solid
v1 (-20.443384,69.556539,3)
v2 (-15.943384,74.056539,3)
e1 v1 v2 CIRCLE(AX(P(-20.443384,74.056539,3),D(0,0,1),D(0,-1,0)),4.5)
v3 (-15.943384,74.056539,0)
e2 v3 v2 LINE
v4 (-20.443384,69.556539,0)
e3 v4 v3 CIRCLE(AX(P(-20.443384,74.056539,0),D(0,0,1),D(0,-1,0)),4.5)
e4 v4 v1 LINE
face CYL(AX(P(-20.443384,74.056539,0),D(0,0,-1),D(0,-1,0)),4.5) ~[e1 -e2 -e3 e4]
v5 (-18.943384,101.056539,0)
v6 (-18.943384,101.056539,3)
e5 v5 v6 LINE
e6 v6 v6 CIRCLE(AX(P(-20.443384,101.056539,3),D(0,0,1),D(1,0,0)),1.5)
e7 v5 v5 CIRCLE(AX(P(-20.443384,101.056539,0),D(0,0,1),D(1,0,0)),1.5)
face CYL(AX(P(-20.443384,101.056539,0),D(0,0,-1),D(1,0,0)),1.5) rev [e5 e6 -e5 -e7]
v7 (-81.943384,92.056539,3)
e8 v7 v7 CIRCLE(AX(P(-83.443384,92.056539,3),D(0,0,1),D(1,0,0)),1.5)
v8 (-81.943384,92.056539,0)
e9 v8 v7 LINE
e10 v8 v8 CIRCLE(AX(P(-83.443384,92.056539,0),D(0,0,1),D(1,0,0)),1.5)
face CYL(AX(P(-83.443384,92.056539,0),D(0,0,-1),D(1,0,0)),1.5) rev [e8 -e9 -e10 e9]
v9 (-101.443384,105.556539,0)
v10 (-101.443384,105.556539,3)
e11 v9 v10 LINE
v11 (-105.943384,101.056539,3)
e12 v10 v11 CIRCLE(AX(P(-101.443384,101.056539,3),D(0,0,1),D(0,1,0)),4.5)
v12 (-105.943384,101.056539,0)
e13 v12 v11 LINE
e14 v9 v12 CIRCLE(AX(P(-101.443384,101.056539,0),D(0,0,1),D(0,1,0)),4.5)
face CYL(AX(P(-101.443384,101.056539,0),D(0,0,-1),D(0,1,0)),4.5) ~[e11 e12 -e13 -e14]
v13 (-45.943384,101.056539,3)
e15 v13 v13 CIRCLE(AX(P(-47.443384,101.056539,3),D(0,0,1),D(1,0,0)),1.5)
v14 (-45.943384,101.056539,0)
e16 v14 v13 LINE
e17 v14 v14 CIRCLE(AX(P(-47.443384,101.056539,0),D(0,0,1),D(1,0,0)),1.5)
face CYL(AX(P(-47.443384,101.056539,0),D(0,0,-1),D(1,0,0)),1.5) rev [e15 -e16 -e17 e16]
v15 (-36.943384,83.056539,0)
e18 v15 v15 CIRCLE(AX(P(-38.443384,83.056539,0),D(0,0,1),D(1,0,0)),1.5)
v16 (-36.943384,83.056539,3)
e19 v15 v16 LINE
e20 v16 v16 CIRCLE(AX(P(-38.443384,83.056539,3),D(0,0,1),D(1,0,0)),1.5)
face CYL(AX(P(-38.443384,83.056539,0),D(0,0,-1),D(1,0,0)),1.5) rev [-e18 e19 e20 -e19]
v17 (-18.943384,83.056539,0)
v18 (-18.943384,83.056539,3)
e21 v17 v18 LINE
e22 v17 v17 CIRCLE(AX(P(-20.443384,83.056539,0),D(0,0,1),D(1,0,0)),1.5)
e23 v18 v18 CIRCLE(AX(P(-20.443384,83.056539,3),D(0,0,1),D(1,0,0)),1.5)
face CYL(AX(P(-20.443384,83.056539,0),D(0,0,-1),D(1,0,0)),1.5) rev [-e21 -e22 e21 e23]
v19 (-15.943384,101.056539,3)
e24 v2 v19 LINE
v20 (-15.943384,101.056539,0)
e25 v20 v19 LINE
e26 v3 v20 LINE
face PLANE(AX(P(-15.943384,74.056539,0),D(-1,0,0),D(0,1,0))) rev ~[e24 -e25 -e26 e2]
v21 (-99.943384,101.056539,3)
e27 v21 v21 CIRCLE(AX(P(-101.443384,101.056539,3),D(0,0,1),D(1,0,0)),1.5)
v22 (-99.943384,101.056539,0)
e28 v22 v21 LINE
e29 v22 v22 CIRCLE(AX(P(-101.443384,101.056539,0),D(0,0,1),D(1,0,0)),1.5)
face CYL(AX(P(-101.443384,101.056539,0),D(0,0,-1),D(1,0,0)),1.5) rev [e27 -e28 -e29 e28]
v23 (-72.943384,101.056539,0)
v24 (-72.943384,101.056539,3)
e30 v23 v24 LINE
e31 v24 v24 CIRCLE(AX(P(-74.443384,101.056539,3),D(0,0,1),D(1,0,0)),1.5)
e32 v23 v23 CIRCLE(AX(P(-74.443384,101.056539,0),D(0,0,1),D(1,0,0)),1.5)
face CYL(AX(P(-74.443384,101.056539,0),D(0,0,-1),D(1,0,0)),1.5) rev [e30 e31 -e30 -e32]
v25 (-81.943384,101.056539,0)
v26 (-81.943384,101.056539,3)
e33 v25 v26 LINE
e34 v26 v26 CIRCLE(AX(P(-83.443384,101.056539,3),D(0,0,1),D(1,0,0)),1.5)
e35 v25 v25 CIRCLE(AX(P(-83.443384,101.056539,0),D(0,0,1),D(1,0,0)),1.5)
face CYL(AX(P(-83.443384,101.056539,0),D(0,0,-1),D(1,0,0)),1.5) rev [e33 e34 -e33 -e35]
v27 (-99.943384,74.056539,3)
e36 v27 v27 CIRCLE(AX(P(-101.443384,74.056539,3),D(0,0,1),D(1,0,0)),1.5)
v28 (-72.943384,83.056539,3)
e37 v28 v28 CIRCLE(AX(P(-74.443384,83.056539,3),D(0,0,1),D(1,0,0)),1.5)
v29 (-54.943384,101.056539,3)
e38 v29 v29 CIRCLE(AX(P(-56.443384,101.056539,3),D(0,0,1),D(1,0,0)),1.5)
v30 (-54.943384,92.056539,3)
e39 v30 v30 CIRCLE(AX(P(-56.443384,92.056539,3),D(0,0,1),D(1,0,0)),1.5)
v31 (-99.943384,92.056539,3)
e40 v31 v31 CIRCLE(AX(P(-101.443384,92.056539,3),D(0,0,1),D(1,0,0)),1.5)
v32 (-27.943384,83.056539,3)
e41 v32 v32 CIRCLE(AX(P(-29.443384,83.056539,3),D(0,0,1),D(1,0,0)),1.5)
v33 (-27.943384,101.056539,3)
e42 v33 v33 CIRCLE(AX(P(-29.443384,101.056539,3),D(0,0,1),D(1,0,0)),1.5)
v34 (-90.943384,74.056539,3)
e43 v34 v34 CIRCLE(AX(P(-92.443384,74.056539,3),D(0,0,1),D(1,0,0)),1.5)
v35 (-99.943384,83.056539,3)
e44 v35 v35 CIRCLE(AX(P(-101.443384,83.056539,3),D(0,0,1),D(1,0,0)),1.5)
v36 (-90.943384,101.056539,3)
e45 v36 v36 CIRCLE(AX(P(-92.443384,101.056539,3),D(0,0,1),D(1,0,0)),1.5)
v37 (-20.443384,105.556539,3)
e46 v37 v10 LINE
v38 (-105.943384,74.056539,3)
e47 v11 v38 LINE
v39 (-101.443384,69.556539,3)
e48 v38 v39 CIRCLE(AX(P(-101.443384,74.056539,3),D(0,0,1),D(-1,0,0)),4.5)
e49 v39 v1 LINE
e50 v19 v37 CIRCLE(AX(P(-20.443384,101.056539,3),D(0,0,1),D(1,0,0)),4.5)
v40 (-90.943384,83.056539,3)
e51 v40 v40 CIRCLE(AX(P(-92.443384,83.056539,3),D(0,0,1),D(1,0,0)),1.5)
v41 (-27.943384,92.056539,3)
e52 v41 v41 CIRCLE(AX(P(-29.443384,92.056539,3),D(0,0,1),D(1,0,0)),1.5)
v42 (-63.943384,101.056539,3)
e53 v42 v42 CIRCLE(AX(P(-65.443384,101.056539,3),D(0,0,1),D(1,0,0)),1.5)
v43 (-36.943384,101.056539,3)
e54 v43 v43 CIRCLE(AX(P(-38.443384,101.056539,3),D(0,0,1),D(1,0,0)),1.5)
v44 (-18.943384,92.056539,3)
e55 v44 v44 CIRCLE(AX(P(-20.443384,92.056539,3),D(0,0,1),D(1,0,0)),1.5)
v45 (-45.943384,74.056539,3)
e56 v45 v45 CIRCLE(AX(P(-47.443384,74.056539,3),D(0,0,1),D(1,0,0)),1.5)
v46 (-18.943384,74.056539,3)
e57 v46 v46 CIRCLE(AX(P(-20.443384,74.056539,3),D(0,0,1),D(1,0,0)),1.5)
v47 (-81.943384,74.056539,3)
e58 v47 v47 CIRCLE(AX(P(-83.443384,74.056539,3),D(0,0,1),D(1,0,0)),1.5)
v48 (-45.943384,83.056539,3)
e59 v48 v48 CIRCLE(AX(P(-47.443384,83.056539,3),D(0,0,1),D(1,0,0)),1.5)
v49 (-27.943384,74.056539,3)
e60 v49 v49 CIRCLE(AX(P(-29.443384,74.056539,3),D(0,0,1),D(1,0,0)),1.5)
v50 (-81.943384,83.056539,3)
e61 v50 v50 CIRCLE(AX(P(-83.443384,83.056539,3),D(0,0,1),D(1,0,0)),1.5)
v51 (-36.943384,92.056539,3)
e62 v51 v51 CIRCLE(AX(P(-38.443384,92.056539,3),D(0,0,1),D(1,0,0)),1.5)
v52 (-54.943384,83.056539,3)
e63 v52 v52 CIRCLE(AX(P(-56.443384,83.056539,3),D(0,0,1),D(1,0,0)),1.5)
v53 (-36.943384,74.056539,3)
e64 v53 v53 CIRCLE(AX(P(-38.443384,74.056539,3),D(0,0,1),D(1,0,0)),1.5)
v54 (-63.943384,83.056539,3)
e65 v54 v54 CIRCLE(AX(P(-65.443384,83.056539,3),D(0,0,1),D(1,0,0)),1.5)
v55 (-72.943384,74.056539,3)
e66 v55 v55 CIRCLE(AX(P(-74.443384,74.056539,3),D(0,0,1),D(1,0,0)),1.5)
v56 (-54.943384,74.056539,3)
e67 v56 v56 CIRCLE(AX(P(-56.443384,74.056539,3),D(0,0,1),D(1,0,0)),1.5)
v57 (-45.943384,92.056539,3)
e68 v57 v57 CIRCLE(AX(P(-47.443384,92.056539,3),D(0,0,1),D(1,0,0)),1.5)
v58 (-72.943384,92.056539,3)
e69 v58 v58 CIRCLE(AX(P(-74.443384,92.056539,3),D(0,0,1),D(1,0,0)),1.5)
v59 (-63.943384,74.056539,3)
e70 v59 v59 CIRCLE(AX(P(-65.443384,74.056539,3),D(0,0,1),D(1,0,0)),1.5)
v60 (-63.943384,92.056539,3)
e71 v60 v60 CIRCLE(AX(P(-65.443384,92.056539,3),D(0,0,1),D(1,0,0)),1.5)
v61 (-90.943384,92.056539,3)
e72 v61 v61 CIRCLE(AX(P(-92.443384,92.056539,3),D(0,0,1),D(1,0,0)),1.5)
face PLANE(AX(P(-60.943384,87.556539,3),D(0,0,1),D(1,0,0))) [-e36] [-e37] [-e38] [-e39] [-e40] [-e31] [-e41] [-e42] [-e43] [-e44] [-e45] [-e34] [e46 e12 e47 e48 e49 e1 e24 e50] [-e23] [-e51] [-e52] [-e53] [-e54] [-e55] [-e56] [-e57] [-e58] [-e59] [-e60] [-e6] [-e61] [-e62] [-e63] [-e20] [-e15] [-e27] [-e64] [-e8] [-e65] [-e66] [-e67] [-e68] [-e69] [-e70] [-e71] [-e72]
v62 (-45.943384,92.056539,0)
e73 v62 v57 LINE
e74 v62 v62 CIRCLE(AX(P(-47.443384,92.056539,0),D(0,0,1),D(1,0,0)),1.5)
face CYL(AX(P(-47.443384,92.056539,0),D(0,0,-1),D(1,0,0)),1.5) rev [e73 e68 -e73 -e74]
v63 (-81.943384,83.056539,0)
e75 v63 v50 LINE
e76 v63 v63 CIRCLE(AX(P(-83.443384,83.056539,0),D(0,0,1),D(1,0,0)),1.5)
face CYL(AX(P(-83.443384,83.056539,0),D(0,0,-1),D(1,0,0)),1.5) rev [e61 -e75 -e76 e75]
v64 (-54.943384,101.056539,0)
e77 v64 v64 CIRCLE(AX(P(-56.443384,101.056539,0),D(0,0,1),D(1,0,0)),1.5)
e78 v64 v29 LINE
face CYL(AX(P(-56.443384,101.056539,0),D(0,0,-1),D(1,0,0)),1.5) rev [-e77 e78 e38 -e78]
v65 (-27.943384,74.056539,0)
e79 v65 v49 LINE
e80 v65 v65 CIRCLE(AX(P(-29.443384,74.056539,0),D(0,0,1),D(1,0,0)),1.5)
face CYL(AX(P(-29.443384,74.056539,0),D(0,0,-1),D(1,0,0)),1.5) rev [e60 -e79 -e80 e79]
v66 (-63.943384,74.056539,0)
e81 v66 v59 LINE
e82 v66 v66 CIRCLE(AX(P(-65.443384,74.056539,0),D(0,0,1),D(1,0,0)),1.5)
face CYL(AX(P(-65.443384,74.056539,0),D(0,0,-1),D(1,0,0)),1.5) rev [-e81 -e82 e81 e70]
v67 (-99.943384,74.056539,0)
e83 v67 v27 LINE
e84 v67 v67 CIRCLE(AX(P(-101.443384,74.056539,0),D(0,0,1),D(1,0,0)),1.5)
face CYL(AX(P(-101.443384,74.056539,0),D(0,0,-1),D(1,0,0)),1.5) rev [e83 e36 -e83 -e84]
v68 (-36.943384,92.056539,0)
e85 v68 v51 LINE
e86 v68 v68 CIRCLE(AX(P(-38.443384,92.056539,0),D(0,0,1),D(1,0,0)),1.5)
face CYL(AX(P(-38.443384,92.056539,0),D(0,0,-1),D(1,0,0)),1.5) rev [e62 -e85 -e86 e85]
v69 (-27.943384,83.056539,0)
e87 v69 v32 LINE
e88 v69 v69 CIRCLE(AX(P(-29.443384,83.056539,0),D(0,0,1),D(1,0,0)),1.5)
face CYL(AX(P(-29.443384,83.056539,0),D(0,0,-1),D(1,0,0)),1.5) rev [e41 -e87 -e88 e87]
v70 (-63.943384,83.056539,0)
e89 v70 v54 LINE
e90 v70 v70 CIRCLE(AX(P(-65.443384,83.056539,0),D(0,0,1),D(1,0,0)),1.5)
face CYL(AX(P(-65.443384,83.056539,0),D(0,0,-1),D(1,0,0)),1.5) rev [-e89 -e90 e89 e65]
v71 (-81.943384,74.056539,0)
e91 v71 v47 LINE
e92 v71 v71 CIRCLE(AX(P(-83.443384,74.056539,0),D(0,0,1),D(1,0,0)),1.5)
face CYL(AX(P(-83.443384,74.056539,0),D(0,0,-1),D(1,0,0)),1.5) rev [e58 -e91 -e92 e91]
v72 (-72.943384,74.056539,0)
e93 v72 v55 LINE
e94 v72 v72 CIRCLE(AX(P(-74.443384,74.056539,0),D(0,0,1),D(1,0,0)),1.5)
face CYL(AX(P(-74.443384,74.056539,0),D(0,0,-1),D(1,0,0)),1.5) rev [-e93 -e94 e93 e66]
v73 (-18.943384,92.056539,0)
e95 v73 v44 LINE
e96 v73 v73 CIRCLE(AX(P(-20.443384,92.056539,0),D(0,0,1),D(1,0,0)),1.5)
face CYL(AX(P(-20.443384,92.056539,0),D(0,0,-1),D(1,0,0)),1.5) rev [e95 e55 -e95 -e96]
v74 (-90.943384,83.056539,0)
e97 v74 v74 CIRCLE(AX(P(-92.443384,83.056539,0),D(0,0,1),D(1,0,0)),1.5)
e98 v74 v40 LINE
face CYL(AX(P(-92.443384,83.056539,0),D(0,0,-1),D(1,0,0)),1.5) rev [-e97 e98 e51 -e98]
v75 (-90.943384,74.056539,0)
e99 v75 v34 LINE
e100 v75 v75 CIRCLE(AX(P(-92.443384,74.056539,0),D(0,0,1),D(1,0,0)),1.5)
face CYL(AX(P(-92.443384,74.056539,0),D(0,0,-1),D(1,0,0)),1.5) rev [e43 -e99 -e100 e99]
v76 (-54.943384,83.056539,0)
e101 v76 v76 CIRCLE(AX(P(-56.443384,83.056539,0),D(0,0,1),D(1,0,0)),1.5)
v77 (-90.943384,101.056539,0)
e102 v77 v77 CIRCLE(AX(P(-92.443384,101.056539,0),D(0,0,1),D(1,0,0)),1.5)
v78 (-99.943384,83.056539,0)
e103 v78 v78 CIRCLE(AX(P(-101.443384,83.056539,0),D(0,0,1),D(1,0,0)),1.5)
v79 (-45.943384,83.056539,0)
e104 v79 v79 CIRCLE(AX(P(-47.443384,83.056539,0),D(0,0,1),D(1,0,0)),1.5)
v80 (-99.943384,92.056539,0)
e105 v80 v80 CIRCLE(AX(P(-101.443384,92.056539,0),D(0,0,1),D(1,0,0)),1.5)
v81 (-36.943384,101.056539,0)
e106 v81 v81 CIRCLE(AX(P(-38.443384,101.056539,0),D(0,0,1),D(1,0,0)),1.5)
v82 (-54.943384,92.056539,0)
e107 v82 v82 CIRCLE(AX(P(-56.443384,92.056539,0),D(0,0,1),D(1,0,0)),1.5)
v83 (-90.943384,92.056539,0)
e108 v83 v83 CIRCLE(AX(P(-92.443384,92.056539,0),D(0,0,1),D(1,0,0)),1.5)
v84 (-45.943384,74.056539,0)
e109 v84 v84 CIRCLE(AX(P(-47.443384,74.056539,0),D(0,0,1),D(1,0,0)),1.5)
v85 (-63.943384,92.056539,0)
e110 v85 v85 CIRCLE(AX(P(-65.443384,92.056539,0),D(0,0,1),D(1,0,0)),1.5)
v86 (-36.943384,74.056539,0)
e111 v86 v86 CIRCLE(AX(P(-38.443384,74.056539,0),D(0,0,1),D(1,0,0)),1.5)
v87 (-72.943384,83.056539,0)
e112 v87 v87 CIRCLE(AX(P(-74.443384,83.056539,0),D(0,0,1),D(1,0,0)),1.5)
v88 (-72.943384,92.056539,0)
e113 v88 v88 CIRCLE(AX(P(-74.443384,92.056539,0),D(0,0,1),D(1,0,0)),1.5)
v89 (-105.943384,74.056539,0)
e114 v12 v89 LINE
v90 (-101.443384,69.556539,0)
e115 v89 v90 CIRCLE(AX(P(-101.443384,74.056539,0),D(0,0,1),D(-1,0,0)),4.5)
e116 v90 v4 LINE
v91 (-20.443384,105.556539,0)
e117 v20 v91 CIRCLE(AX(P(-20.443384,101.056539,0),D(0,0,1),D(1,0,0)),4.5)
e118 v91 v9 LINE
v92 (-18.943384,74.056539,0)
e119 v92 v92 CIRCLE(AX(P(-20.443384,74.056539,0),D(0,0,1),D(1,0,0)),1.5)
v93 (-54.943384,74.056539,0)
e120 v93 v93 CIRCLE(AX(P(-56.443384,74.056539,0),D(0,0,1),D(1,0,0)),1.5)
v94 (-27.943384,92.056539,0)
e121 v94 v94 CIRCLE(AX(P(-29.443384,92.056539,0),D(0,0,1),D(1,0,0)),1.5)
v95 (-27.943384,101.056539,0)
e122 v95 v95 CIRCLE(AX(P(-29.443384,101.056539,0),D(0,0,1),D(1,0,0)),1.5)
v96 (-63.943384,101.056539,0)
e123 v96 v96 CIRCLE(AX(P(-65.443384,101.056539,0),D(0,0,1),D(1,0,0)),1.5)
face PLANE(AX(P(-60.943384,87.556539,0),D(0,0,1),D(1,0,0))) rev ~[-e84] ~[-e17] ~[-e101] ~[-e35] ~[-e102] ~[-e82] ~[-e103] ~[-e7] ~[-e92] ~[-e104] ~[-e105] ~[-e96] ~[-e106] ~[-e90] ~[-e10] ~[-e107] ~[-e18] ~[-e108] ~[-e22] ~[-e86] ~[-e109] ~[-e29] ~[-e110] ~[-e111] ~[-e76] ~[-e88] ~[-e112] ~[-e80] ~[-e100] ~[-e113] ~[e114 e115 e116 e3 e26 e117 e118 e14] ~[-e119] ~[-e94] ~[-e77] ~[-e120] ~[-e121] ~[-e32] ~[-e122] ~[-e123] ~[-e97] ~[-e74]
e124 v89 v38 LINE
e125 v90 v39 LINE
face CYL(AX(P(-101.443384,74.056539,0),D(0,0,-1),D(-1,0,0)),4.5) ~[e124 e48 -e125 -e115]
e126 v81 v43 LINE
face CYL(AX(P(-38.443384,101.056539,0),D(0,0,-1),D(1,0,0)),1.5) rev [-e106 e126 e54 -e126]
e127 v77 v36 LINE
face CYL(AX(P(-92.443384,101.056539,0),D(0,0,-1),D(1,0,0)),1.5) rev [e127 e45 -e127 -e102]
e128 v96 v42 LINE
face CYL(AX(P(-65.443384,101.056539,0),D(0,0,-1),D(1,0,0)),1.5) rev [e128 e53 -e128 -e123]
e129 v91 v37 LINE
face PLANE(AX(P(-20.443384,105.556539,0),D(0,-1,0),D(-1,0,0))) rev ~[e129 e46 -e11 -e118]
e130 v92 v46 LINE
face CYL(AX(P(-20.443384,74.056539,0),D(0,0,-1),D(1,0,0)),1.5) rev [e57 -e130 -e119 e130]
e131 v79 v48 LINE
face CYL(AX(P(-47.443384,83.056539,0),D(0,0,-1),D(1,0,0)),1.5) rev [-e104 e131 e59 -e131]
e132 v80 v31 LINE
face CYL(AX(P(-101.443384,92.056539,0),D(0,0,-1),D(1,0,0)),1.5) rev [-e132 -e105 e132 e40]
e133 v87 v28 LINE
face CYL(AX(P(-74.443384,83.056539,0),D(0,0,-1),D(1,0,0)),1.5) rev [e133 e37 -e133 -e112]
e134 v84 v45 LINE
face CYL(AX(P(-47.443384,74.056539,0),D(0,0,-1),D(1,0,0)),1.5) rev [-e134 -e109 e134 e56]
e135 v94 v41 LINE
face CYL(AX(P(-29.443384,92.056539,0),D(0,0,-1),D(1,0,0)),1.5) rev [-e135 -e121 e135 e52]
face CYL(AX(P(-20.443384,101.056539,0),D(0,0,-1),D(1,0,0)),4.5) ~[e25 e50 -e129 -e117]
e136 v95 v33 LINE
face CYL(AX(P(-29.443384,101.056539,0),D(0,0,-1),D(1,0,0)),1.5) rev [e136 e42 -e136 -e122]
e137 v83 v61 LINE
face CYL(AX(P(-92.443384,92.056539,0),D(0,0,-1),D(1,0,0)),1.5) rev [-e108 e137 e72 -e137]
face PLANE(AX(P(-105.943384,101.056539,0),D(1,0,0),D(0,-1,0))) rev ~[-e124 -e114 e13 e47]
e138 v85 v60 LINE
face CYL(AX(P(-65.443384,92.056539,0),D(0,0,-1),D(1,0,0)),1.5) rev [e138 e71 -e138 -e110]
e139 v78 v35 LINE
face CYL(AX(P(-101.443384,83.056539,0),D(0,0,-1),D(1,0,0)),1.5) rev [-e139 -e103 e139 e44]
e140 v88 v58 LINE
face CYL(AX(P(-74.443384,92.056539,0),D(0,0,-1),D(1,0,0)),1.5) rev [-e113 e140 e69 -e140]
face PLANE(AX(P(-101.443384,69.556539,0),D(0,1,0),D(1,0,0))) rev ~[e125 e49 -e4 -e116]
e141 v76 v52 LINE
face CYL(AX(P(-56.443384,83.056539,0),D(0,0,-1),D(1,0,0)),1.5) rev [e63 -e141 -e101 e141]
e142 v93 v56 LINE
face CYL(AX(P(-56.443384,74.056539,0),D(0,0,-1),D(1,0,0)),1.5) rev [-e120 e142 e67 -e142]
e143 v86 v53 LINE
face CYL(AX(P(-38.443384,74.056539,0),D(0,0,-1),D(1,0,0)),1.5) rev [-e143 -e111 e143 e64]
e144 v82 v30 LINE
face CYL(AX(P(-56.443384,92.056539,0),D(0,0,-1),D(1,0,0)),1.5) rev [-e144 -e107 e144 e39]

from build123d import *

# Parameters (mm, degrees)
MODEL_R                 = 1.5
SALIENTE_EXTRUIR1_DEPTH = 3


with BuildPart() as part:
    # Model → Saliente-Extruir1 (new body)
    with BuildSketch(Plane.XY):
        with BuildLine():
            Line((-105.943383637, 101.056539338), (-105.943383637, 74.056539338))
            ThreePointArc((-105.943383637, 74.056539338), (-104.625364152, 70.874558823), (-101.443383637, 69.556539338))
            Line((-101.443383637, 69.556539338), (-20.443383637, 69.556539338))
            ThreePointArc((-20.443383637, 69.556539338), (-17.261403122, 70.874558823), (-15.943383637, 74.056539338))
            Line((-15.943383637, 74.056539338), (-15.943383637, 101.056539338))
            ThreePointArc((-15.943383637, 101.056539338), (-17.261403122, 104.238519853), (-20.443383637, 105.556539338))
            Line((-20.443383637, 105.556539338), (-101.443383637, 105.556539338))
            ThreePointArc((-101.443383637, 105.556539338), (-104.625364152, 104.238519853), (-105.943383637, 101.056539338))
        make_face()
        with Locations((-101.443383637, 101.056539338)):
            Circle(MODEL_R, mode=Mode.SUBTRACT)
        with Locations((-92.443383637, 101.056539338)):
            Circle(MODEL_R, mode=Mode.SUBTRACT)
        with Locations((-83.443383637, 101.056539338)):
            Circle(MODEL_R, mode=Mode.SUBTRACT)
        with Locations((-74.443383637, 101.056539338)):
            Circle(MODEL_R, mode=Mode.SUBTRACT)
        with Locations((-65.443383637, 101.056539338)):
            Circle(MODEL_R, mode=Mode.SUBTRACT)
        with Locations((-56.443383637, 101.056539338)):
            Circle(MODEL_R, mode=Mode.SUBTRACT)
        with Locations((-47.443383637, 101.056539338)):
            Circle(MODEL_R, mode=Mode.SUBTRACT)
        with Locations((-38.443383637, 101.056539338)):
            Circle(MODEL_R, mode=Mode.SUBTRACT)
        with Locations((-101.443383637, 92.056539338)):
            Circle(MODEL_R, mode=Mode.SUBTRACT)
        with Locations((-92.443383637, 92.056539338)):
            Circle(MODEL_R, mode=Mode.SUBTRACT)
        with Locations((-83.443383637, 92.056539338)):
            Circle(MODEL_R, mode=Mode.SUBTRACT)
        with Locations((-74.443383637, 92.056539338)):
            Circle(MODEL_R, mode=Mode.SUBTRACT)
        with Locations((-65.443383637, 92.056539338)):
            Circle(MODEL_R, mode=Mode.SUBTRACT)
        with Locations((-56.443383637, 92.056539338)):
            Circle(MODEL_R, mode=Mode.SUBTRACT)
        with Locations((-47.443383637, 92.056539338)):
            Circle(MODEL_R, mode=Mode.SUBTRACT)
        with Locations((-38.443383637, 92.056539338)):
            Circle(MODEL_R, mode=Mode.SUBTRACT)
        with Locations((-101.443383637, 83.056539338)):
            Circle(MODEL_R, mode=Mode.SUBTRACT)
        with Locations((-92.443383637, 83.056539338)):
            Circle(MODEL_R, mode=Mode.SUBTRACT)
        with Locations((-83.443383637, 83.056539338)):
            Circle(MODEL_R, mode=Mode.SUBTRACT)
        with Locations((-74.443383637, 83.056539338)):
            Circle(MODEL_R, mode=Mode.SUBTRACT)
        with Locations((-65.443383637, 83.056539338)):
            Circle(MODEL_R, mode=Mode.SUBTRACT)
        with Locations((-56.443383637, 83.056539338)):
            Circle(MODEL_R, mode=Mode.SUBTRACT)
        with Locations((-47.443383637, 83.056539338)):
            Circle(MODEL_R, mode=Mode.SUBTRACT)
        with Locations((-38.443383637, 83.056539338)):
            Circle(MODEL_R, mode=Mode.SUBTRACT)
        with Locations((-101.443383637, 74.056539338)):
            Circle(MODEL_R, mode=Mode.SUBTRACT)
        with Locations((-92.443383637, 74.056539338)):
            Circle(MODEL_R, mode=Mode.SUBTRACT)
        with Locations((-83.443383637, 74.056539338)):
            Circle(MODEL_R, mode=Mode.SUBTRACT)
        with Locations((-74.443383637, 74.056539338)):
            Circle(MODEL_R, mode=Mode.SUBTRACT)
        with Locations((-65.443383637, 74.056539338)):
            Circle(MODEL_R, mode=Mode.SUBTRACT)
        with Locations((-56.443383637, 74.056539338)):
            Circle(MODEL_R, mode=Mode.SUBTRACT)
        with Locations((-47.443383637, 74.056539338)):
            Circle(MODEL_R, mode=Mode.SUBTRACT)
        with Locations((-38.443383637, 74.056539338)):
            Circle(MODEL_R, mode=Mode.SUBTRACT)
        with Locations((-29.443383637, 101.056539338)):
            Circle(MODEL_R, mode=Mode.SUBTRACT)
        with Locations((-29.443383637, 92.056539338)):
            Circle(MODEL_R, mode=Mode.SUBTRACT)
        with Locations((-29.443383637, 83.056539338)):
            Circle(MODEL_R, mode=Mode.SUBTRACT)
        with Locations((-29.443383637, 74.056539338)):
            Circle(MODEL_R, mode=Mode.SUBTRACT)
        with Locations((-20.443383637, 101.056539338)):
            Circle(MODEL_R, mode=Mode.SUBTRACT)
        with Locations((-20.443383637, 92.056539338)):
            Circle(MODEL_R, mode=Mode.SUBTRACT)
        with Locations((-20.443383637, 83.056539338)):
            Circle(MODEL_R, mode=Mode.SUBTRACT)
        with Locations((-20.443383637, 74.056539338)):
            Circle(MODEL_R, mode=Mode.SUBTRACT)
    extrude(amount=SALIENTE_EXTRUIR1_DEPTH)


solid = part.part
